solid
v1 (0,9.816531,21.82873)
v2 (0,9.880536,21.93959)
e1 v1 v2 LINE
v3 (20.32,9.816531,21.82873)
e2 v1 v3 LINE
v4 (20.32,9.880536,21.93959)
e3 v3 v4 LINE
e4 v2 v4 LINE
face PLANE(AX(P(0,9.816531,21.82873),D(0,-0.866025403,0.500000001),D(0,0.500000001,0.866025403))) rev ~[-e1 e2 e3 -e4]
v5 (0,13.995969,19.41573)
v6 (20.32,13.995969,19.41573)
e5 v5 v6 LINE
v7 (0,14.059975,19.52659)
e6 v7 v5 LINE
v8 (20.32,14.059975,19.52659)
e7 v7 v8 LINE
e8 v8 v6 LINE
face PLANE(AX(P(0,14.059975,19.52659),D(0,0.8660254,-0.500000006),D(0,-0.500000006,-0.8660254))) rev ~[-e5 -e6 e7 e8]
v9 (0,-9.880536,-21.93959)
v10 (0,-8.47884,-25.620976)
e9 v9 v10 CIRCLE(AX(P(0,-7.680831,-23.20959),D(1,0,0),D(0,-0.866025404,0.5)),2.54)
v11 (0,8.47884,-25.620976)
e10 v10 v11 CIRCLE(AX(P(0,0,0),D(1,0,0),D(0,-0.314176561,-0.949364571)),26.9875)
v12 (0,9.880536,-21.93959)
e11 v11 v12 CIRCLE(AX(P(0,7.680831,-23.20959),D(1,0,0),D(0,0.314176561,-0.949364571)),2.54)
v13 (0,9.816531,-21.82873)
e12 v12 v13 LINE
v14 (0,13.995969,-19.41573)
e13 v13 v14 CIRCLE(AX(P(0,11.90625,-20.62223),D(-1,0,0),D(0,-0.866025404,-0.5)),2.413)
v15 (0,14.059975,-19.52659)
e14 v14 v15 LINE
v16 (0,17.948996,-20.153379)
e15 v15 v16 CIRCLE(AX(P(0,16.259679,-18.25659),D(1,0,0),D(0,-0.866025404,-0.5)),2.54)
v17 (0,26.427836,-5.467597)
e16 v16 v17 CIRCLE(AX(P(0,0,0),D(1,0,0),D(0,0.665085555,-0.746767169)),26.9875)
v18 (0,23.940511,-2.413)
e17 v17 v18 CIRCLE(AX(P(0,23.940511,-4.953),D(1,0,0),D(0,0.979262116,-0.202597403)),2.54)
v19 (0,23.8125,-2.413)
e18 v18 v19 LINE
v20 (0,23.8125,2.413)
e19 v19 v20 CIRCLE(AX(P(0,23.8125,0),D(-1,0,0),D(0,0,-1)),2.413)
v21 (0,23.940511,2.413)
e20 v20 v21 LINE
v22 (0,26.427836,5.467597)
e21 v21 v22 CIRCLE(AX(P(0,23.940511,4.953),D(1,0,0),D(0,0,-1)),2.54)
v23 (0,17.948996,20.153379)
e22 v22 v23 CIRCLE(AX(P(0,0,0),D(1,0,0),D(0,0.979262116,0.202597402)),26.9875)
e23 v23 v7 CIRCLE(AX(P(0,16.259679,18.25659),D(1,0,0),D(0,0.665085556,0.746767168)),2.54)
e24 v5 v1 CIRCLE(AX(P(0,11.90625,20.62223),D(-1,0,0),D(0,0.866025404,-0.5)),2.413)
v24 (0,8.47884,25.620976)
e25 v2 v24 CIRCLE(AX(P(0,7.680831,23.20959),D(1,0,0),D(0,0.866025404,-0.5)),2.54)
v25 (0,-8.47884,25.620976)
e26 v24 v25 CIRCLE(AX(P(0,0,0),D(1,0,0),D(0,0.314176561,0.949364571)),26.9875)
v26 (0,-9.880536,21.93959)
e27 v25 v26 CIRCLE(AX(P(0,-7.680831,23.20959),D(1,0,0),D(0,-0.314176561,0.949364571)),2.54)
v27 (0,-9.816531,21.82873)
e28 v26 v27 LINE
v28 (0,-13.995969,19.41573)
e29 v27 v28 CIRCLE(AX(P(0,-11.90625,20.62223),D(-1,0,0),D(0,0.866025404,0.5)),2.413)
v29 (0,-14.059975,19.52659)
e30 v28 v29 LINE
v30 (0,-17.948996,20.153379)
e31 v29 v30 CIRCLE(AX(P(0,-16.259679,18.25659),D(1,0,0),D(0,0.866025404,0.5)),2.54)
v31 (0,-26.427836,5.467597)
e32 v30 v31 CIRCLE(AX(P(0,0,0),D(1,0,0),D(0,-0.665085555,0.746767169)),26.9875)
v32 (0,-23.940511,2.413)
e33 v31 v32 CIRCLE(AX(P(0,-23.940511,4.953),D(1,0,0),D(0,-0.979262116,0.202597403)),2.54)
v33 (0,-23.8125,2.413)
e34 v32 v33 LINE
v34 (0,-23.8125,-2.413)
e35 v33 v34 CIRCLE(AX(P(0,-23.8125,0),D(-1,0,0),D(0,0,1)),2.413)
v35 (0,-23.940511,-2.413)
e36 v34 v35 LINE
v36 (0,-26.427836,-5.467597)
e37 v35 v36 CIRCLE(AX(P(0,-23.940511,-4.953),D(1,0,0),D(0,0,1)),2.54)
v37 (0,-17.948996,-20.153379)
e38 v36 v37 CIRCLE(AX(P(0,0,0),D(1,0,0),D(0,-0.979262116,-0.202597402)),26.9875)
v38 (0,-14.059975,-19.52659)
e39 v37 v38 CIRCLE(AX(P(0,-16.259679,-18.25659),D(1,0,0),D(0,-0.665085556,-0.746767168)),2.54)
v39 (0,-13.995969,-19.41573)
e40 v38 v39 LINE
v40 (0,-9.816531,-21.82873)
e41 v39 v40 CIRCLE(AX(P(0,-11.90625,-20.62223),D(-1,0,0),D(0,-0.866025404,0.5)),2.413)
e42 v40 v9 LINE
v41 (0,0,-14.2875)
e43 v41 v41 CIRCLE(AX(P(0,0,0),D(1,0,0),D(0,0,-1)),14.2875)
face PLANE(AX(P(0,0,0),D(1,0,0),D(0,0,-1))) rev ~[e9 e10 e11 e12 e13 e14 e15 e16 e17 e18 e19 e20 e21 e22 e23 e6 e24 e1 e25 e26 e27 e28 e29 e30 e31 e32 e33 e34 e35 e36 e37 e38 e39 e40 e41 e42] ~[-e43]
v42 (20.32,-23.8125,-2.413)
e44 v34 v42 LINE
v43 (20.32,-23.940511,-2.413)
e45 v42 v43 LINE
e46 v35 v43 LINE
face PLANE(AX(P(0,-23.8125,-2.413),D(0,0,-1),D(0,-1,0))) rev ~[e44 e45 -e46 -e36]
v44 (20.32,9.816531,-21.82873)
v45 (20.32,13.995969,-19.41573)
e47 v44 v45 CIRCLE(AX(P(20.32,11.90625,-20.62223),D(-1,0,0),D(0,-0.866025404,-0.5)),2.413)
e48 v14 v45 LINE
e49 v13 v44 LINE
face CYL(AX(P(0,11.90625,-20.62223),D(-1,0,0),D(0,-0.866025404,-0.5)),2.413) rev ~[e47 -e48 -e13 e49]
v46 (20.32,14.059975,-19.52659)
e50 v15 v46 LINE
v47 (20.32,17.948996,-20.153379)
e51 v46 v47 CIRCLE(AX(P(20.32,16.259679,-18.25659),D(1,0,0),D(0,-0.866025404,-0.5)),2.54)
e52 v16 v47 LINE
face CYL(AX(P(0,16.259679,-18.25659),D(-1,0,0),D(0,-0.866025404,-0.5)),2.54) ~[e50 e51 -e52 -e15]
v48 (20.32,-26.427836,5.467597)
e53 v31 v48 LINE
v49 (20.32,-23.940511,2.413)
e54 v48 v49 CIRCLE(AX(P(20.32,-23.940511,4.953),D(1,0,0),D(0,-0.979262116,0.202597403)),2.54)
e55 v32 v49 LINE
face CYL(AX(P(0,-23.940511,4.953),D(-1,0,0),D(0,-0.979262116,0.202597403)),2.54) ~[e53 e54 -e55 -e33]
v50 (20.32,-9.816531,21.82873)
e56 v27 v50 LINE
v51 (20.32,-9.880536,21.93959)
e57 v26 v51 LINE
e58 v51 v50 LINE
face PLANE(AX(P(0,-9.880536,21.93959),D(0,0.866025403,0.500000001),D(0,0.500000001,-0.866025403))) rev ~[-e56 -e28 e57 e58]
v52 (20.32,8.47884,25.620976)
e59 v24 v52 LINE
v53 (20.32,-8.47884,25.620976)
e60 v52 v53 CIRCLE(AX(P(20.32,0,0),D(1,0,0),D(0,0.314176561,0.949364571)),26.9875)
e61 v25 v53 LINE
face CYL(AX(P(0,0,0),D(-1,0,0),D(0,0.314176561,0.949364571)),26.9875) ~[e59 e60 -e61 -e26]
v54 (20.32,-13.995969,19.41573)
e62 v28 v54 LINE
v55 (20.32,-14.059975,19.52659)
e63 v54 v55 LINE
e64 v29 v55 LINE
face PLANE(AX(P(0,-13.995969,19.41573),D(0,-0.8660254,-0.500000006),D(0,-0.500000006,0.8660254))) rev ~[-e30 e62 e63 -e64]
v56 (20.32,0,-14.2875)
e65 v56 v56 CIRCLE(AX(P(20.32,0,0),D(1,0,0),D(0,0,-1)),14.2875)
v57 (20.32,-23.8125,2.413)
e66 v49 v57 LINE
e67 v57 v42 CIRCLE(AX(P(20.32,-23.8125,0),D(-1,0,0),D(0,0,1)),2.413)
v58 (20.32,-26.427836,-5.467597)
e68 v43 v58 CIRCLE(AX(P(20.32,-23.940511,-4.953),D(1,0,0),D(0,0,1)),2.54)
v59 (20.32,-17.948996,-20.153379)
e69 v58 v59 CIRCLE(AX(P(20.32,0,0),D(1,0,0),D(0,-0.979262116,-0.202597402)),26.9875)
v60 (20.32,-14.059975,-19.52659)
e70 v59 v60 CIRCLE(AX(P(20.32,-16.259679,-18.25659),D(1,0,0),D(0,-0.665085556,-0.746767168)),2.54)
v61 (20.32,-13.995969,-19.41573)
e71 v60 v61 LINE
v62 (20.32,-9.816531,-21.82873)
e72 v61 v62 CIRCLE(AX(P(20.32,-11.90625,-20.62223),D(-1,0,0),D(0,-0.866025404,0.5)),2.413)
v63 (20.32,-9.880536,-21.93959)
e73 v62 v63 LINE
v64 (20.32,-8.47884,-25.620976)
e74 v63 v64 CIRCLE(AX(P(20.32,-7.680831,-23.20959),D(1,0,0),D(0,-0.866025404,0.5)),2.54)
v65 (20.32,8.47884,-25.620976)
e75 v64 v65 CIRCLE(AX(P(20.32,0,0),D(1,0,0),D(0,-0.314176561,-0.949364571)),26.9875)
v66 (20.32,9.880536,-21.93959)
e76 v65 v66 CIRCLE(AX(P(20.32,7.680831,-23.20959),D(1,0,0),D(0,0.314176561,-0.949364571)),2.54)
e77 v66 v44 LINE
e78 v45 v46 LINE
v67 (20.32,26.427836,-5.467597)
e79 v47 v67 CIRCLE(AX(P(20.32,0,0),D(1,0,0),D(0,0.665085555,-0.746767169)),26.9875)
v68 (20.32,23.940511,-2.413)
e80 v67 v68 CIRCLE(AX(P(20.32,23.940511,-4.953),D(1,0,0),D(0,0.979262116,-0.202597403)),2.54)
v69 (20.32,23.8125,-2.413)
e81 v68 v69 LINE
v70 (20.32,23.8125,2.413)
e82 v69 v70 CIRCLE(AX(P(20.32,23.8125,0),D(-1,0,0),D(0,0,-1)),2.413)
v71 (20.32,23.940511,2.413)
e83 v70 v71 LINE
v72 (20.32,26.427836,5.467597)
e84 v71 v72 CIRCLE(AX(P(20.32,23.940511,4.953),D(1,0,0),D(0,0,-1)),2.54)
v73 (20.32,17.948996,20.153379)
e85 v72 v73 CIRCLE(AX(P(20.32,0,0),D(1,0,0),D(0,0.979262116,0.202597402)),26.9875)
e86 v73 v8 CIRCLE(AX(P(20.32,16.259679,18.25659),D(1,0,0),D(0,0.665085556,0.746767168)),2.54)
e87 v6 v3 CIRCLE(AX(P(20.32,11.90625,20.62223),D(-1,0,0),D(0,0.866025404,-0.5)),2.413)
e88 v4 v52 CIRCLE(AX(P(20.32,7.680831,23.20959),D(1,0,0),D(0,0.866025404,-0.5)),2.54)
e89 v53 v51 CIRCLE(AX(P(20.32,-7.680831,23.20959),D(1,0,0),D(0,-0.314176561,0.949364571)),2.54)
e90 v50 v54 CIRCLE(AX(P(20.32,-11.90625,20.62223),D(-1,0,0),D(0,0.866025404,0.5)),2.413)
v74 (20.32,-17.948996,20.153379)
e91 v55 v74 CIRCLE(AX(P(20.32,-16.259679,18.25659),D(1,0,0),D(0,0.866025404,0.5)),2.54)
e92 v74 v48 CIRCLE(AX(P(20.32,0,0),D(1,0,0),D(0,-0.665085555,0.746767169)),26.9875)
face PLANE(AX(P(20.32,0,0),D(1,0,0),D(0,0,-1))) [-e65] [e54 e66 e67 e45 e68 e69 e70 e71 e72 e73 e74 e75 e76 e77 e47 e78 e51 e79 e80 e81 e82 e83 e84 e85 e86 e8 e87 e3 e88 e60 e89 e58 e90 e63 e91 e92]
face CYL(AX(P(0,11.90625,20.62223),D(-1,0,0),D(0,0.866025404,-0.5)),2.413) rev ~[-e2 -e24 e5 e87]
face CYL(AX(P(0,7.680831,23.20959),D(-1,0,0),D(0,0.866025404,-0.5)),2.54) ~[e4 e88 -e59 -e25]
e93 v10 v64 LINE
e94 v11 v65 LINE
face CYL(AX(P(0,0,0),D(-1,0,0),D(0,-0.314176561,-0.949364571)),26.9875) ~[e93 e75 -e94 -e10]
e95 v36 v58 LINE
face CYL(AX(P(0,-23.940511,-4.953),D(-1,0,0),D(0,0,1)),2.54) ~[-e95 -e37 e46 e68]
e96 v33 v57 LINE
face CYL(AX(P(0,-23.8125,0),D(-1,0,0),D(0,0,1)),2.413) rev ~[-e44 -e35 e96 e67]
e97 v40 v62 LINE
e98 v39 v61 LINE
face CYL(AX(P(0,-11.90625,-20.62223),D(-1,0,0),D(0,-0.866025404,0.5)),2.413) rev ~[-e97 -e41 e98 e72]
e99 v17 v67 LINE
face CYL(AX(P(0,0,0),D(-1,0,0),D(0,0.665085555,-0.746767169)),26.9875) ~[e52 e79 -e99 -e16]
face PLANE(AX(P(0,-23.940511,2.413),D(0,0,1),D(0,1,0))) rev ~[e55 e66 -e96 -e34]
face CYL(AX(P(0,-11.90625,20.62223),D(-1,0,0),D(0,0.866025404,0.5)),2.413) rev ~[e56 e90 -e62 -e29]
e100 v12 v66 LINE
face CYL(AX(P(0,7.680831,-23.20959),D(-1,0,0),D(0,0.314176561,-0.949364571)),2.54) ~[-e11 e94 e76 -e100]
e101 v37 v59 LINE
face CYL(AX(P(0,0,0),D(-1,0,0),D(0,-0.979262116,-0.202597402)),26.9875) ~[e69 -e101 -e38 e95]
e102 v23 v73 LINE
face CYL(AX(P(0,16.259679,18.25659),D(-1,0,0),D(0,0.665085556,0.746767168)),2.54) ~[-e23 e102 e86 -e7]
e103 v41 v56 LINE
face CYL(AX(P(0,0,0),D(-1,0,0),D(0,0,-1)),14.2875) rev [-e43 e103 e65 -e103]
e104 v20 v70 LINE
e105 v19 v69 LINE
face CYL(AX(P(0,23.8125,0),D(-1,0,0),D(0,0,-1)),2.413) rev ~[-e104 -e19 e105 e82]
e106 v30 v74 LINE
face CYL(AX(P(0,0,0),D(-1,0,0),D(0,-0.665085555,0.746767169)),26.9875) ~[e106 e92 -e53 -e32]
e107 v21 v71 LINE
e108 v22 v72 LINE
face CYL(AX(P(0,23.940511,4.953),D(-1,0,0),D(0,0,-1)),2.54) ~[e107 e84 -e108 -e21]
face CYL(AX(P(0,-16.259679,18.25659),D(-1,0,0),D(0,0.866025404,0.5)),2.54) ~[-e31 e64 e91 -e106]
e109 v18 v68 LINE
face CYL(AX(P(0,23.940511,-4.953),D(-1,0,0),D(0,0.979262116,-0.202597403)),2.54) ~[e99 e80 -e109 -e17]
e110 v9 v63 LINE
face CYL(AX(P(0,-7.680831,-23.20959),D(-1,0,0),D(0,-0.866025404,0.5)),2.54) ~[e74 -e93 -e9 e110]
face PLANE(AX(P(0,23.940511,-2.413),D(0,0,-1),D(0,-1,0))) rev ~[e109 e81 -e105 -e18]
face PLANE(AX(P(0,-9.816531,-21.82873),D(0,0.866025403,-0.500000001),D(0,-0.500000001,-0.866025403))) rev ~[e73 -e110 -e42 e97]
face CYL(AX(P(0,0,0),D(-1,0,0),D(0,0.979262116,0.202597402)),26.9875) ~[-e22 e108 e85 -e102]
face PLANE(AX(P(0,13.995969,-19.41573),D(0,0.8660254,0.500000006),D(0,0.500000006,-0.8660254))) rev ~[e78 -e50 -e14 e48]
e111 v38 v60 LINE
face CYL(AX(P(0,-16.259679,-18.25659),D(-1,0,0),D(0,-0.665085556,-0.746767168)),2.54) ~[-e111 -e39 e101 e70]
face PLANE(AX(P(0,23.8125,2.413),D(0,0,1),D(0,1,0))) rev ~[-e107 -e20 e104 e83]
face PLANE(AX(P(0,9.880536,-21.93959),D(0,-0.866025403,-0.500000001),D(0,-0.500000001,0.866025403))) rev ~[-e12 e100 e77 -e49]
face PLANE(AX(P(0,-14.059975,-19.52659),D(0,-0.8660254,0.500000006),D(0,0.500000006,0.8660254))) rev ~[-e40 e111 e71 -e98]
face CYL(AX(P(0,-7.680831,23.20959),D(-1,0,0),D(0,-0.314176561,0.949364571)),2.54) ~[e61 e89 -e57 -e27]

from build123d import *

# Parameters (mm, degrees)
SKETCH1_R           = 14.2875
BOSS_EXTRUDE1_DEPTH = 20.32


with BuildPart() as part:
    # Sketch1 → Boss-Extrude1 (new body)
    with BuildSketch(Plane(origin=(0, 0, 0), x_dir=(0, 0, -1), z_dir=(1, 0, 0))):
        with BuildLine():
            Line((-2.413, 23.8125), (-2.413, 23.940510589))
            ThreePointArc((-2.413, 23.940510589), (-3.349172921, 25.91011428), (-5.467597403, 26.427836364))
            ThreePointArc((-5.467597403, 26.427836364), (-13.49375, 23.371860585), (-20.153378957, 17.94899643))
            ThreePointArc((-20.153378957, 17.94899643), (-20.764230721, 15.855525972), (-19.526590349, 14.059974594))
            Line((-19.526590349, 14.059974594), (-19.415729928, 13.995969299))
            ThreePointArc((-19.415729928, 13.995969299), (-18.532510628, 10.69975), (-21.828729928, 9.816530701))
            Line((-21.828729928, 9.816530701), (-21.939590349, 9.880535995))
            ThreePointArc((-21.939590349, 9.880535995), (-24.113403642, 10.054588309), (-25.62097636, 8.478839934))
            ThreePointArc((-25.62097636, 8.478839934), (-26.9875, 0), (-25.62097636, -8.478839934))
            ThreePointArc((-25.62097636, -8.478839934), (-24.113403642, -10.054588309), (-21.939590349, -9.880535995))
            Line((-21.939590349, -9.880535995), (-21.828729928, -9.816530701))
            ThreePointArc((-21.828729928, -9.816530701), (-18.532510628, -10.69975), (-19.415729928, -13.995969299))
            Line((-19.415729928, -13.995969299), (-19.526590349, -14.059974594))
            ThreePointArc((-19.526590349, -14.059974594), (-20.764230721, -15.855525972), (-20.153378957, -17.94899643))
            ThreePointArc((-20.153378957, -17.94899643), (-13.49375, -23.371860585), (-5.467597403, -26.427836364))
            ThreePointArc((-5.467597403, -26.427836364), (-3.349172921, -25.91011428), (-2.413, -23.940510589))
            Line((-2.413, -23.940510589), (-2.413, -23.8125))
            ThreePointArc((-2.413, -23.8125), (0, -21.3995), (2.413, -23.8125))
            Line((2.413, -23.8125), (2.413, -23.940510589))
            ThreePointArc((2.413, -23.940510589), (3.349172921, -25.91011428), (5.467597403, -26.427836364))
            ThreePointArc((5.467597403, -26.427836364), (13.49375, -23.371860585), (20.153378957, -17.94899643))
            ThreePointArc((20.153378957, -17.94899643), (20.764230721, -15.855525972), (19.526590349, -14.059974594))
            Line((19.526590349, -14.059974594), (19.415729928, -13.995969299))
            ThreePointArc((19.415729928, -13.995969299), (18.532510628, -10.69975), (21.828729928, -9.816530701))
            Line((21.828729928, -9.816530701), (21.939590349, -9.880535995))
            ThreePointArc((21.939590349, -9.880535995), (24.113403642, -10.054588309), (25.62097636, -8.478839934))
            ThreePointArc((25.62097636, -8.478839934), (26.9875, 0), (25.62097636, 8.478839934))
            ThreePointArc((25.62097636, 8.478839934), (24.113403642, 10.054588309), (21.939590349, 9.880535995))
            Line((21.939590349, 9.880535995), (21.828729928, 9.816530701))
            ThreePointArc((21.828729928, 9.816530701), (18.532510628, 10.69975), (19.415729928, 13.995969299))
            Line((19.415729928, 13.995969299), (19.526590349, 14.059974594))
            ThreePointArc((19.526590349, 14.059974594), (20.764230721, 15.855525972), (20.153378957, 17.94899643))
            ThreePointArc((20.153378957, 17.94899643), (13.49375, 23.371860585), (5.467597403, 26.427836364))
            ThreePointArc((5.467597403, 26.427836364), (3.349172921, 25.91011428), (2.413, 23.940510589))
            Line((2.413, 23.940510589), (2.413, 23.8125))
            ThreePointArc((2.413, 23.8125), (0, 21.3995), (-2.413, 23.8125))
        make_face()
        Circle(SKETCH1_R, mode=Mode.SUBTRACT)
    extrude(amount=BOSS_EXTRUDE1_DEPTH)


solid = part.part
